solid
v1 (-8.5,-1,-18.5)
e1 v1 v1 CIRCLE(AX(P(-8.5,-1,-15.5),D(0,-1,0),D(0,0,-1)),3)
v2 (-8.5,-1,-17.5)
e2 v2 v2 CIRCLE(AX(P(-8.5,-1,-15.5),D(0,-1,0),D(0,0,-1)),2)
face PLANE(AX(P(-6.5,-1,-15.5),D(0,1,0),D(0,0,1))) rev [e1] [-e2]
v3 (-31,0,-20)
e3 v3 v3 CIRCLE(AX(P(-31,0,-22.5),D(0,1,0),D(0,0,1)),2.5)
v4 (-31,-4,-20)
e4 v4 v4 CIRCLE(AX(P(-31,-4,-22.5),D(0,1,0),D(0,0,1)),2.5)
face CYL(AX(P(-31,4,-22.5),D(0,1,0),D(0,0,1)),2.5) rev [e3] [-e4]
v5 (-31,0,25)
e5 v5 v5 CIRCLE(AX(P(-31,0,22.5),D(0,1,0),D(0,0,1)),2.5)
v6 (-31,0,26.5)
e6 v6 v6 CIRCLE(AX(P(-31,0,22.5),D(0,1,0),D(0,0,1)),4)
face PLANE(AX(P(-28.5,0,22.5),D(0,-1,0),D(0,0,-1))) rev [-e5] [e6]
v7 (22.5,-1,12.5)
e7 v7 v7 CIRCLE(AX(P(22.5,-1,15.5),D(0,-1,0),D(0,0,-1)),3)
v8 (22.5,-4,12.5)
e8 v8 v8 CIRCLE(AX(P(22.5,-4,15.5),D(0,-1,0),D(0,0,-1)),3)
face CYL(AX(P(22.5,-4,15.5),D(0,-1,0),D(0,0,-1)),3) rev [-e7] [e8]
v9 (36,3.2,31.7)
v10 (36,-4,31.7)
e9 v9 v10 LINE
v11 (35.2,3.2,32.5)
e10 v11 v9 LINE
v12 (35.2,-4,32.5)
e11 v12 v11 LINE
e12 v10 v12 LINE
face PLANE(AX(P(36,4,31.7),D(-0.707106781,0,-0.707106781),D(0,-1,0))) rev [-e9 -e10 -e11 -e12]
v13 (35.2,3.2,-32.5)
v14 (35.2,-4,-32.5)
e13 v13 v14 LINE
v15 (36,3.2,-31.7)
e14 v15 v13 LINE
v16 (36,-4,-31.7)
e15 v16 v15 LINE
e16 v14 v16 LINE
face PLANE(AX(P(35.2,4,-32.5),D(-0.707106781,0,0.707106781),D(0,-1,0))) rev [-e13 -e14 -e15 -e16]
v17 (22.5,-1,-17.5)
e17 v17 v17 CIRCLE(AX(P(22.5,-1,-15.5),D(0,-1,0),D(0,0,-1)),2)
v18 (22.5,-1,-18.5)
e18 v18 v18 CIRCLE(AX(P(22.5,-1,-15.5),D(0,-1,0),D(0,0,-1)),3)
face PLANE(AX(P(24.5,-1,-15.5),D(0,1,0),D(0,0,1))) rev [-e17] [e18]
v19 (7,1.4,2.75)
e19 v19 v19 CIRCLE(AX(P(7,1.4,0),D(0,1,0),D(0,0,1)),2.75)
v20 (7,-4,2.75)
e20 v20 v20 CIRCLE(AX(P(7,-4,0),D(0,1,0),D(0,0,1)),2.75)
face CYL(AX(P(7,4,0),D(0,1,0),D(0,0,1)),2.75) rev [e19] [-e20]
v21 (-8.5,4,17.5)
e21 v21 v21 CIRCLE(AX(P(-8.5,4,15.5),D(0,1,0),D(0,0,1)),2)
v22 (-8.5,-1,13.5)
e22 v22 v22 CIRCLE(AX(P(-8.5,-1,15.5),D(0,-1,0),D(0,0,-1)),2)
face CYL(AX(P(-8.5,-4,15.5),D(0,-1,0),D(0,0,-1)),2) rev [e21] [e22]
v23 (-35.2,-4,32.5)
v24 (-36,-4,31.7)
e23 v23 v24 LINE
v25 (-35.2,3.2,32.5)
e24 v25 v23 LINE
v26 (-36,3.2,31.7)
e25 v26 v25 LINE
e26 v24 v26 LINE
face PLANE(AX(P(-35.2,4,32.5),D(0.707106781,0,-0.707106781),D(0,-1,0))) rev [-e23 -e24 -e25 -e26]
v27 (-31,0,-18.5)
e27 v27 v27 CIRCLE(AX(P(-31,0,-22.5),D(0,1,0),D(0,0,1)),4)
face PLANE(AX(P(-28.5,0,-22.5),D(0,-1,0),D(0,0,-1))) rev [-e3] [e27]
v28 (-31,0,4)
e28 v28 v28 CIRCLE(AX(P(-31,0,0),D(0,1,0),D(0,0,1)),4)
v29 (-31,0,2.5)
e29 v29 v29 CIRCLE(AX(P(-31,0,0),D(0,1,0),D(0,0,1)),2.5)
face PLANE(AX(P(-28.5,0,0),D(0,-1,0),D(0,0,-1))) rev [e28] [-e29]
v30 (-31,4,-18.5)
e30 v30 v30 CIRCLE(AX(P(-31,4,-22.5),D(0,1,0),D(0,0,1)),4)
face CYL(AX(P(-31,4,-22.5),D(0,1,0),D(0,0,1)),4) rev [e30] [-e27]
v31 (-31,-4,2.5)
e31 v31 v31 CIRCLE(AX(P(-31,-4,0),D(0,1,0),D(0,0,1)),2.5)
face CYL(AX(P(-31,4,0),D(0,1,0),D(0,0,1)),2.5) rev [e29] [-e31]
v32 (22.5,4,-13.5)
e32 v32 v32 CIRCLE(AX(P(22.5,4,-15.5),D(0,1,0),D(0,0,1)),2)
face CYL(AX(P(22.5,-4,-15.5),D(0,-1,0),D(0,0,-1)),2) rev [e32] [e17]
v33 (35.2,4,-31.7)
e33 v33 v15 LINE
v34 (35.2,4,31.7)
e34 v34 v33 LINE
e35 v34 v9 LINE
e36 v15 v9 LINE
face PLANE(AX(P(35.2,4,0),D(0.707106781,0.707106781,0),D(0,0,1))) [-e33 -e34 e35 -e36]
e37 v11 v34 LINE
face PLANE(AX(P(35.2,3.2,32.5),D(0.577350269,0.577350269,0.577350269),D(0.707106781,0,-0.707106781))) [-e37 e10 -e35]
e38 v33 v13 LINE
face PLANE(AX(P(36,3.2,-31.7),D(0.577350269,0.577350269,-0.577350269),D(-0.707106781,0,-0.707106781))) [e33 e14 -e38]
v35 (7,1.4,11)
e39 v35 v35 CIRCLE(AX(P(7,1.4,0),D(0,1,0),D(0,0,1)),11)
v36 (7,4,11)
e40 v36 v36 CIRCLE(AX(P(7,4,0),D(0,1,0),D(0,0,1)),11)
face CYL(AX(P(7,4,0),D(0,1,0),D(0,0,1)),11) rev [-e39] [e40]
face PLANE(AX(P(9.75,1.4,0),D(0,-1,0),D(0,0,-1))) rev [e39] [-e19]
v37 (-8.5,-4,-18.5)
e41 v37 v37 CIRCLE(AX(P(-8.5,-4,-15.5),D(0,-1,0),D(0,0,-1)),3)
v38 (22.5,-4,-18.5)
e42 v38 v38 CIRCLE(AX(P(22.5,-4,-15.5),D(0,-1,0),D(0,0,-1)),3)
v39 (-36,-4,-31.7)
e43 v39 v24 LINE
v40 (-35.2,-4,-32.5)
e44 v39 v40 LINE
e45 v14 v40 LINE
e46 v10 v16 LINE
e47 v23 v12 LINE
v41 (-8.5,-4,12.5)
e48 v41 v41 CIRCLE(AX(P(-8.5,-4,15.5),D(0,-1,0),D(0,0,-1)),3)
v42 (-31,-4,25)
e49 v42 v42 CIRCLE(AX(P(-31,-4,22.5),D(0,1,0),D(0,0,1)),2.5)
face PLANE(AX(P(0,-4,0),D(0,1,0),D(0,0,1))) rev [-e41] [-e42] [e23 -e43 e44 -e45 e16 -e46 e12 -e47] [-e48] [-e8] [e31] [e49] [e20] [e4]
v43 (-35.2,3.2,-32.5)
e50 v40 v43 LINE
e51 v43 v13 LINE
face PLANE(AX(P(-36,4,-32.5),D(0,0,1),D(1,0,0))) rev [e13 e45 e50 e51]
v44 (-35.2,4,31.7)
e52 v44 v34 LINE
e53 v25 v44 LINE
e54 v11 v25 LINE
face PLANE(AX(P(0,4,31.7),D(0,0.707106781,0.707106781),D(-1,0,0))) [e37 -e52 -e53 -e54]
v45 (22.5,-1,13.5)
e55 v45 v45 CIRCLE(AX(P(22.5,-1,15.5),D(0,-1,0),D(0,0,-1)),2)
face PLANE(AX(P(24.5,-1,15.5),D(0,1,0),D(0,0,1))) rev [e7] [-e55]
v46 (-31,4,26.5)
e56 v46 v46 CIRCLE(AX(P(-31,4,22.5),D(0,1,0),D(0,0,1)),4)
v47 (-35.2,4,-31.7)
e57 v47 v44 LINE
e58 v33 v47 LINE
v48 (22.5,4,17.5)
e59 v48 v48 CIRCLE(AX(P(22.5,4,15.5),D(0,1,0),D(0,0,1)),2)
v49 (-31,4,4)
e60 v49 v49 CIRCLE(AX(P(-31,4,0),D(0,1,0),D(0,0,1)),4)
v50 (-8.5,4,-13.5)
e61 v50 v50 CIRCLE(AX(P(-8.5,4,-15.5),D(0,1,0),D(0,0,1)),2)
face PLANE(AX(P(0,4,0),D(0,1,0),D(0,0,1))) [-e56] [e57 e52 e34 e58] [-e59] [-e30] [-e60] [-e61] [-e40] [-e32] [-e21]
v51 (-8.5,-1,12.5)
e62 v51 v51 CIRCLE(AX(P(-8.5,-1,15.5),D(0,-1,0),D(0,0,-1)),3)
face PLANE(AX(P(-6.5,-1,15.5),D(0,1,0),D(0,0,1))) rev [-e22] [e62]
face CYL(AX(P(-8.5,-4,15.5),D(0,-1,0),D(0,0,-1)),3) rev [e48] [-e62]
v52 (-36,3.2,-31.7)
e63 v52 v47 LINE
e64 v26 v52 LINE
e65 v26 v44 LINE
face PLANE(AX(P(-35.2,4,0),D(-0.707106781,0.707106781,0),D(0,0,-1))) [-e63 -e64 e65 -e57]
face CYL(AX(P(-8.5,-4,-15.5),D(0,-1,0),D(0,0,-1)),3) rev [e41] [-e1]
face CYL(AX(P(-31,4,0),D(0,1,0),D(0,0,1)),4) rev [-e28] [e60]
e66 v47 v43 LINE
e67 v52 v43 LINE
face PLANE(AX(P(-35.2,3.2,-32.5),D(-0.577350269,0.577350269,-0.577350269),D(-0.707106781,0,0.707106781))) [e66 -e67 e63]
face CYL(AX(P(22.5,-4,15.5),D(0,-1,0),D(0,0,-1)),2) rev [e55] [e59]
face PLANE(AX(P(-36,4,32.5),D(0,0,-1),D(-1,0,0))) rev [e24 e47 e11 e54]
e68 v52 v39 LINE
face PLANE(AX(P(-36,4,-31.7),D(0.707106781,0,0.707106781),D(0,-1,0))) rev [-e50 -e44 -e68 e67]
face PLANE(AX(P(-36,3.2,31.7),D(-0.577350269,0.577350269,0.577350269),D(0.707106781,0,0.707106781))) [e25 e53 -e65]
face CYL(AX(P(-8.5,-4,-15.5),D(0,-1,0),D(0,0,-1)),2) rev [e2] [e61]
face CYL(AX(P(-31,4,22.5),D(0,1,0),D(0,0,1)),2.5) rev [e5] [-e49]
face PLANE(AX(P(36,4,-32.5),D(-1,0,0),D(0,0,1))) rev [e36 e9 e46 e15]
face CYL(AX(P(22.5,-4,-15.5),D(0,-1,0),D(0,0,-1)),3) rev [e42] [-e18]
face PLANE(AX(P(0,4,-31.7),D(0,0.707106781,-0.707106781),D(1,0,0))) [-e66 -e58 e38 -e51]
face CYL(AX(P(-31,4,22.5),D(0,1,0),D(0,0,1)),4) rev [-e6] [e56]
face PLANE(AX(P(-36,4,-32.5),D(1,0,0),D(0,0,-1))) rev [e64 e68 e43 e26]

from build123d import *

# Parameters (mm, degrees)
SKETCH_1_W                = 72
SKETCH_1_H                = 65
EXTRUDE_1_DEPTH           = 4
HOLE_WIZARD_1_D           = 5.5
HOLE_WIZARD_1_DEPTH       = 100
HOLE_WIZARD_1_CBORE_D     = 22
HOLE_WIZARD_1_CBORE_DEPTH = 2.6
HOLE_WIZARD_2_D           = 4
HOLE_WIZARD_2_DEPTH       = 100
HOLE_WIZARD_2_CBORE_D     = 6
HOLE_WIZARD_2_CBORE_DEPTH = 3
HOLE_WIZARD_3_D           = 5
HOLE_WIZARD_3_DEPTH       = 100
HOLE_WIZARD_3_CBORE_D     = 8
HOLE_WIZARD_3_CBORE_DEPTH = 4
CHAMFER_1_SIZE            = 0.8


with BuildPart() as part:
    # 草图1 → 凸台-拉伸1 (new, symmetric)
    with BuildSketch(Plane(origin=(0, 0, 0), x_dir=(1, 0, 0), z_dir=(0, 1, 0))):
        Rectangle(SKETCH_1_W, SKETCH_1_H)
    extrude(amount=EXTRUDE_1_DEPTH, both=True)

    # 孔1
    with Locations(Plane(origin=(0, 4, 0), x_dir=(1, 0, 0), z_dir=(0, 1, 0))):
        with Locations((7, 0)):
            CounterBoreHole(HOLE_WIZARD_1_D / 2, HOLE_WIZARD_1_CBORE_D / 2, HOLE_WIZARD_1_CBORE_DEPTH, depth=HOLE_WIZARD_1_DEPTH)

    # 孔2
    with Locations(Plane(origin=(0, -4, 0), x_dir=(-1, 0, 0), z_dir=(0, -1, 0))):
        with Locations((-22.5, 15.5), (8.5, 15.5), (8.5, -15.5), (-22.5, -15.5)):
            CounterBoreHole(HOLE_WIZARD_2_D / 2, HOLE_WIZARD_2_CBORE_D / 2, HOLE_WIZARD_2_CBORE_DEPTH, depth=HOLE_WIZARD_2_DEPTH)

    # 孔3
    with Locations(Plane(origin=(0, 4, 0), x_dir=(1, 0, 0), z_dir=(0, 1, 0))):
        with Locations((-31, 22.5), (-31, 0), (-31, -22.5)):
            CounterBoreHole(HOLE_WIZARD_3_D / 2, HOLE_WIZARD_3_CBORE_D / 2, HOLE_WIZARD_3_CBORE_DEPTH, depth=HOLE_WIZARD_3_DEPTH)

    # 倒角1
    chamfer_1_edges = [part.edges().sort_by_distance(p)[0] for p in [
        (-36, 4, 0),
        (0, 4, 32.5),
        (36, 4, 0),
        (36, 0, 32.5),
        (-36, 0, 32.5),
        (-36, 0, -32.5),
        (36, 0, -32.5),
        (0, 4, -32.5),
    ]]
    chamfer(chamfer_1_edges, length=CHAMFER_1_SIZE)


solid = part.part
